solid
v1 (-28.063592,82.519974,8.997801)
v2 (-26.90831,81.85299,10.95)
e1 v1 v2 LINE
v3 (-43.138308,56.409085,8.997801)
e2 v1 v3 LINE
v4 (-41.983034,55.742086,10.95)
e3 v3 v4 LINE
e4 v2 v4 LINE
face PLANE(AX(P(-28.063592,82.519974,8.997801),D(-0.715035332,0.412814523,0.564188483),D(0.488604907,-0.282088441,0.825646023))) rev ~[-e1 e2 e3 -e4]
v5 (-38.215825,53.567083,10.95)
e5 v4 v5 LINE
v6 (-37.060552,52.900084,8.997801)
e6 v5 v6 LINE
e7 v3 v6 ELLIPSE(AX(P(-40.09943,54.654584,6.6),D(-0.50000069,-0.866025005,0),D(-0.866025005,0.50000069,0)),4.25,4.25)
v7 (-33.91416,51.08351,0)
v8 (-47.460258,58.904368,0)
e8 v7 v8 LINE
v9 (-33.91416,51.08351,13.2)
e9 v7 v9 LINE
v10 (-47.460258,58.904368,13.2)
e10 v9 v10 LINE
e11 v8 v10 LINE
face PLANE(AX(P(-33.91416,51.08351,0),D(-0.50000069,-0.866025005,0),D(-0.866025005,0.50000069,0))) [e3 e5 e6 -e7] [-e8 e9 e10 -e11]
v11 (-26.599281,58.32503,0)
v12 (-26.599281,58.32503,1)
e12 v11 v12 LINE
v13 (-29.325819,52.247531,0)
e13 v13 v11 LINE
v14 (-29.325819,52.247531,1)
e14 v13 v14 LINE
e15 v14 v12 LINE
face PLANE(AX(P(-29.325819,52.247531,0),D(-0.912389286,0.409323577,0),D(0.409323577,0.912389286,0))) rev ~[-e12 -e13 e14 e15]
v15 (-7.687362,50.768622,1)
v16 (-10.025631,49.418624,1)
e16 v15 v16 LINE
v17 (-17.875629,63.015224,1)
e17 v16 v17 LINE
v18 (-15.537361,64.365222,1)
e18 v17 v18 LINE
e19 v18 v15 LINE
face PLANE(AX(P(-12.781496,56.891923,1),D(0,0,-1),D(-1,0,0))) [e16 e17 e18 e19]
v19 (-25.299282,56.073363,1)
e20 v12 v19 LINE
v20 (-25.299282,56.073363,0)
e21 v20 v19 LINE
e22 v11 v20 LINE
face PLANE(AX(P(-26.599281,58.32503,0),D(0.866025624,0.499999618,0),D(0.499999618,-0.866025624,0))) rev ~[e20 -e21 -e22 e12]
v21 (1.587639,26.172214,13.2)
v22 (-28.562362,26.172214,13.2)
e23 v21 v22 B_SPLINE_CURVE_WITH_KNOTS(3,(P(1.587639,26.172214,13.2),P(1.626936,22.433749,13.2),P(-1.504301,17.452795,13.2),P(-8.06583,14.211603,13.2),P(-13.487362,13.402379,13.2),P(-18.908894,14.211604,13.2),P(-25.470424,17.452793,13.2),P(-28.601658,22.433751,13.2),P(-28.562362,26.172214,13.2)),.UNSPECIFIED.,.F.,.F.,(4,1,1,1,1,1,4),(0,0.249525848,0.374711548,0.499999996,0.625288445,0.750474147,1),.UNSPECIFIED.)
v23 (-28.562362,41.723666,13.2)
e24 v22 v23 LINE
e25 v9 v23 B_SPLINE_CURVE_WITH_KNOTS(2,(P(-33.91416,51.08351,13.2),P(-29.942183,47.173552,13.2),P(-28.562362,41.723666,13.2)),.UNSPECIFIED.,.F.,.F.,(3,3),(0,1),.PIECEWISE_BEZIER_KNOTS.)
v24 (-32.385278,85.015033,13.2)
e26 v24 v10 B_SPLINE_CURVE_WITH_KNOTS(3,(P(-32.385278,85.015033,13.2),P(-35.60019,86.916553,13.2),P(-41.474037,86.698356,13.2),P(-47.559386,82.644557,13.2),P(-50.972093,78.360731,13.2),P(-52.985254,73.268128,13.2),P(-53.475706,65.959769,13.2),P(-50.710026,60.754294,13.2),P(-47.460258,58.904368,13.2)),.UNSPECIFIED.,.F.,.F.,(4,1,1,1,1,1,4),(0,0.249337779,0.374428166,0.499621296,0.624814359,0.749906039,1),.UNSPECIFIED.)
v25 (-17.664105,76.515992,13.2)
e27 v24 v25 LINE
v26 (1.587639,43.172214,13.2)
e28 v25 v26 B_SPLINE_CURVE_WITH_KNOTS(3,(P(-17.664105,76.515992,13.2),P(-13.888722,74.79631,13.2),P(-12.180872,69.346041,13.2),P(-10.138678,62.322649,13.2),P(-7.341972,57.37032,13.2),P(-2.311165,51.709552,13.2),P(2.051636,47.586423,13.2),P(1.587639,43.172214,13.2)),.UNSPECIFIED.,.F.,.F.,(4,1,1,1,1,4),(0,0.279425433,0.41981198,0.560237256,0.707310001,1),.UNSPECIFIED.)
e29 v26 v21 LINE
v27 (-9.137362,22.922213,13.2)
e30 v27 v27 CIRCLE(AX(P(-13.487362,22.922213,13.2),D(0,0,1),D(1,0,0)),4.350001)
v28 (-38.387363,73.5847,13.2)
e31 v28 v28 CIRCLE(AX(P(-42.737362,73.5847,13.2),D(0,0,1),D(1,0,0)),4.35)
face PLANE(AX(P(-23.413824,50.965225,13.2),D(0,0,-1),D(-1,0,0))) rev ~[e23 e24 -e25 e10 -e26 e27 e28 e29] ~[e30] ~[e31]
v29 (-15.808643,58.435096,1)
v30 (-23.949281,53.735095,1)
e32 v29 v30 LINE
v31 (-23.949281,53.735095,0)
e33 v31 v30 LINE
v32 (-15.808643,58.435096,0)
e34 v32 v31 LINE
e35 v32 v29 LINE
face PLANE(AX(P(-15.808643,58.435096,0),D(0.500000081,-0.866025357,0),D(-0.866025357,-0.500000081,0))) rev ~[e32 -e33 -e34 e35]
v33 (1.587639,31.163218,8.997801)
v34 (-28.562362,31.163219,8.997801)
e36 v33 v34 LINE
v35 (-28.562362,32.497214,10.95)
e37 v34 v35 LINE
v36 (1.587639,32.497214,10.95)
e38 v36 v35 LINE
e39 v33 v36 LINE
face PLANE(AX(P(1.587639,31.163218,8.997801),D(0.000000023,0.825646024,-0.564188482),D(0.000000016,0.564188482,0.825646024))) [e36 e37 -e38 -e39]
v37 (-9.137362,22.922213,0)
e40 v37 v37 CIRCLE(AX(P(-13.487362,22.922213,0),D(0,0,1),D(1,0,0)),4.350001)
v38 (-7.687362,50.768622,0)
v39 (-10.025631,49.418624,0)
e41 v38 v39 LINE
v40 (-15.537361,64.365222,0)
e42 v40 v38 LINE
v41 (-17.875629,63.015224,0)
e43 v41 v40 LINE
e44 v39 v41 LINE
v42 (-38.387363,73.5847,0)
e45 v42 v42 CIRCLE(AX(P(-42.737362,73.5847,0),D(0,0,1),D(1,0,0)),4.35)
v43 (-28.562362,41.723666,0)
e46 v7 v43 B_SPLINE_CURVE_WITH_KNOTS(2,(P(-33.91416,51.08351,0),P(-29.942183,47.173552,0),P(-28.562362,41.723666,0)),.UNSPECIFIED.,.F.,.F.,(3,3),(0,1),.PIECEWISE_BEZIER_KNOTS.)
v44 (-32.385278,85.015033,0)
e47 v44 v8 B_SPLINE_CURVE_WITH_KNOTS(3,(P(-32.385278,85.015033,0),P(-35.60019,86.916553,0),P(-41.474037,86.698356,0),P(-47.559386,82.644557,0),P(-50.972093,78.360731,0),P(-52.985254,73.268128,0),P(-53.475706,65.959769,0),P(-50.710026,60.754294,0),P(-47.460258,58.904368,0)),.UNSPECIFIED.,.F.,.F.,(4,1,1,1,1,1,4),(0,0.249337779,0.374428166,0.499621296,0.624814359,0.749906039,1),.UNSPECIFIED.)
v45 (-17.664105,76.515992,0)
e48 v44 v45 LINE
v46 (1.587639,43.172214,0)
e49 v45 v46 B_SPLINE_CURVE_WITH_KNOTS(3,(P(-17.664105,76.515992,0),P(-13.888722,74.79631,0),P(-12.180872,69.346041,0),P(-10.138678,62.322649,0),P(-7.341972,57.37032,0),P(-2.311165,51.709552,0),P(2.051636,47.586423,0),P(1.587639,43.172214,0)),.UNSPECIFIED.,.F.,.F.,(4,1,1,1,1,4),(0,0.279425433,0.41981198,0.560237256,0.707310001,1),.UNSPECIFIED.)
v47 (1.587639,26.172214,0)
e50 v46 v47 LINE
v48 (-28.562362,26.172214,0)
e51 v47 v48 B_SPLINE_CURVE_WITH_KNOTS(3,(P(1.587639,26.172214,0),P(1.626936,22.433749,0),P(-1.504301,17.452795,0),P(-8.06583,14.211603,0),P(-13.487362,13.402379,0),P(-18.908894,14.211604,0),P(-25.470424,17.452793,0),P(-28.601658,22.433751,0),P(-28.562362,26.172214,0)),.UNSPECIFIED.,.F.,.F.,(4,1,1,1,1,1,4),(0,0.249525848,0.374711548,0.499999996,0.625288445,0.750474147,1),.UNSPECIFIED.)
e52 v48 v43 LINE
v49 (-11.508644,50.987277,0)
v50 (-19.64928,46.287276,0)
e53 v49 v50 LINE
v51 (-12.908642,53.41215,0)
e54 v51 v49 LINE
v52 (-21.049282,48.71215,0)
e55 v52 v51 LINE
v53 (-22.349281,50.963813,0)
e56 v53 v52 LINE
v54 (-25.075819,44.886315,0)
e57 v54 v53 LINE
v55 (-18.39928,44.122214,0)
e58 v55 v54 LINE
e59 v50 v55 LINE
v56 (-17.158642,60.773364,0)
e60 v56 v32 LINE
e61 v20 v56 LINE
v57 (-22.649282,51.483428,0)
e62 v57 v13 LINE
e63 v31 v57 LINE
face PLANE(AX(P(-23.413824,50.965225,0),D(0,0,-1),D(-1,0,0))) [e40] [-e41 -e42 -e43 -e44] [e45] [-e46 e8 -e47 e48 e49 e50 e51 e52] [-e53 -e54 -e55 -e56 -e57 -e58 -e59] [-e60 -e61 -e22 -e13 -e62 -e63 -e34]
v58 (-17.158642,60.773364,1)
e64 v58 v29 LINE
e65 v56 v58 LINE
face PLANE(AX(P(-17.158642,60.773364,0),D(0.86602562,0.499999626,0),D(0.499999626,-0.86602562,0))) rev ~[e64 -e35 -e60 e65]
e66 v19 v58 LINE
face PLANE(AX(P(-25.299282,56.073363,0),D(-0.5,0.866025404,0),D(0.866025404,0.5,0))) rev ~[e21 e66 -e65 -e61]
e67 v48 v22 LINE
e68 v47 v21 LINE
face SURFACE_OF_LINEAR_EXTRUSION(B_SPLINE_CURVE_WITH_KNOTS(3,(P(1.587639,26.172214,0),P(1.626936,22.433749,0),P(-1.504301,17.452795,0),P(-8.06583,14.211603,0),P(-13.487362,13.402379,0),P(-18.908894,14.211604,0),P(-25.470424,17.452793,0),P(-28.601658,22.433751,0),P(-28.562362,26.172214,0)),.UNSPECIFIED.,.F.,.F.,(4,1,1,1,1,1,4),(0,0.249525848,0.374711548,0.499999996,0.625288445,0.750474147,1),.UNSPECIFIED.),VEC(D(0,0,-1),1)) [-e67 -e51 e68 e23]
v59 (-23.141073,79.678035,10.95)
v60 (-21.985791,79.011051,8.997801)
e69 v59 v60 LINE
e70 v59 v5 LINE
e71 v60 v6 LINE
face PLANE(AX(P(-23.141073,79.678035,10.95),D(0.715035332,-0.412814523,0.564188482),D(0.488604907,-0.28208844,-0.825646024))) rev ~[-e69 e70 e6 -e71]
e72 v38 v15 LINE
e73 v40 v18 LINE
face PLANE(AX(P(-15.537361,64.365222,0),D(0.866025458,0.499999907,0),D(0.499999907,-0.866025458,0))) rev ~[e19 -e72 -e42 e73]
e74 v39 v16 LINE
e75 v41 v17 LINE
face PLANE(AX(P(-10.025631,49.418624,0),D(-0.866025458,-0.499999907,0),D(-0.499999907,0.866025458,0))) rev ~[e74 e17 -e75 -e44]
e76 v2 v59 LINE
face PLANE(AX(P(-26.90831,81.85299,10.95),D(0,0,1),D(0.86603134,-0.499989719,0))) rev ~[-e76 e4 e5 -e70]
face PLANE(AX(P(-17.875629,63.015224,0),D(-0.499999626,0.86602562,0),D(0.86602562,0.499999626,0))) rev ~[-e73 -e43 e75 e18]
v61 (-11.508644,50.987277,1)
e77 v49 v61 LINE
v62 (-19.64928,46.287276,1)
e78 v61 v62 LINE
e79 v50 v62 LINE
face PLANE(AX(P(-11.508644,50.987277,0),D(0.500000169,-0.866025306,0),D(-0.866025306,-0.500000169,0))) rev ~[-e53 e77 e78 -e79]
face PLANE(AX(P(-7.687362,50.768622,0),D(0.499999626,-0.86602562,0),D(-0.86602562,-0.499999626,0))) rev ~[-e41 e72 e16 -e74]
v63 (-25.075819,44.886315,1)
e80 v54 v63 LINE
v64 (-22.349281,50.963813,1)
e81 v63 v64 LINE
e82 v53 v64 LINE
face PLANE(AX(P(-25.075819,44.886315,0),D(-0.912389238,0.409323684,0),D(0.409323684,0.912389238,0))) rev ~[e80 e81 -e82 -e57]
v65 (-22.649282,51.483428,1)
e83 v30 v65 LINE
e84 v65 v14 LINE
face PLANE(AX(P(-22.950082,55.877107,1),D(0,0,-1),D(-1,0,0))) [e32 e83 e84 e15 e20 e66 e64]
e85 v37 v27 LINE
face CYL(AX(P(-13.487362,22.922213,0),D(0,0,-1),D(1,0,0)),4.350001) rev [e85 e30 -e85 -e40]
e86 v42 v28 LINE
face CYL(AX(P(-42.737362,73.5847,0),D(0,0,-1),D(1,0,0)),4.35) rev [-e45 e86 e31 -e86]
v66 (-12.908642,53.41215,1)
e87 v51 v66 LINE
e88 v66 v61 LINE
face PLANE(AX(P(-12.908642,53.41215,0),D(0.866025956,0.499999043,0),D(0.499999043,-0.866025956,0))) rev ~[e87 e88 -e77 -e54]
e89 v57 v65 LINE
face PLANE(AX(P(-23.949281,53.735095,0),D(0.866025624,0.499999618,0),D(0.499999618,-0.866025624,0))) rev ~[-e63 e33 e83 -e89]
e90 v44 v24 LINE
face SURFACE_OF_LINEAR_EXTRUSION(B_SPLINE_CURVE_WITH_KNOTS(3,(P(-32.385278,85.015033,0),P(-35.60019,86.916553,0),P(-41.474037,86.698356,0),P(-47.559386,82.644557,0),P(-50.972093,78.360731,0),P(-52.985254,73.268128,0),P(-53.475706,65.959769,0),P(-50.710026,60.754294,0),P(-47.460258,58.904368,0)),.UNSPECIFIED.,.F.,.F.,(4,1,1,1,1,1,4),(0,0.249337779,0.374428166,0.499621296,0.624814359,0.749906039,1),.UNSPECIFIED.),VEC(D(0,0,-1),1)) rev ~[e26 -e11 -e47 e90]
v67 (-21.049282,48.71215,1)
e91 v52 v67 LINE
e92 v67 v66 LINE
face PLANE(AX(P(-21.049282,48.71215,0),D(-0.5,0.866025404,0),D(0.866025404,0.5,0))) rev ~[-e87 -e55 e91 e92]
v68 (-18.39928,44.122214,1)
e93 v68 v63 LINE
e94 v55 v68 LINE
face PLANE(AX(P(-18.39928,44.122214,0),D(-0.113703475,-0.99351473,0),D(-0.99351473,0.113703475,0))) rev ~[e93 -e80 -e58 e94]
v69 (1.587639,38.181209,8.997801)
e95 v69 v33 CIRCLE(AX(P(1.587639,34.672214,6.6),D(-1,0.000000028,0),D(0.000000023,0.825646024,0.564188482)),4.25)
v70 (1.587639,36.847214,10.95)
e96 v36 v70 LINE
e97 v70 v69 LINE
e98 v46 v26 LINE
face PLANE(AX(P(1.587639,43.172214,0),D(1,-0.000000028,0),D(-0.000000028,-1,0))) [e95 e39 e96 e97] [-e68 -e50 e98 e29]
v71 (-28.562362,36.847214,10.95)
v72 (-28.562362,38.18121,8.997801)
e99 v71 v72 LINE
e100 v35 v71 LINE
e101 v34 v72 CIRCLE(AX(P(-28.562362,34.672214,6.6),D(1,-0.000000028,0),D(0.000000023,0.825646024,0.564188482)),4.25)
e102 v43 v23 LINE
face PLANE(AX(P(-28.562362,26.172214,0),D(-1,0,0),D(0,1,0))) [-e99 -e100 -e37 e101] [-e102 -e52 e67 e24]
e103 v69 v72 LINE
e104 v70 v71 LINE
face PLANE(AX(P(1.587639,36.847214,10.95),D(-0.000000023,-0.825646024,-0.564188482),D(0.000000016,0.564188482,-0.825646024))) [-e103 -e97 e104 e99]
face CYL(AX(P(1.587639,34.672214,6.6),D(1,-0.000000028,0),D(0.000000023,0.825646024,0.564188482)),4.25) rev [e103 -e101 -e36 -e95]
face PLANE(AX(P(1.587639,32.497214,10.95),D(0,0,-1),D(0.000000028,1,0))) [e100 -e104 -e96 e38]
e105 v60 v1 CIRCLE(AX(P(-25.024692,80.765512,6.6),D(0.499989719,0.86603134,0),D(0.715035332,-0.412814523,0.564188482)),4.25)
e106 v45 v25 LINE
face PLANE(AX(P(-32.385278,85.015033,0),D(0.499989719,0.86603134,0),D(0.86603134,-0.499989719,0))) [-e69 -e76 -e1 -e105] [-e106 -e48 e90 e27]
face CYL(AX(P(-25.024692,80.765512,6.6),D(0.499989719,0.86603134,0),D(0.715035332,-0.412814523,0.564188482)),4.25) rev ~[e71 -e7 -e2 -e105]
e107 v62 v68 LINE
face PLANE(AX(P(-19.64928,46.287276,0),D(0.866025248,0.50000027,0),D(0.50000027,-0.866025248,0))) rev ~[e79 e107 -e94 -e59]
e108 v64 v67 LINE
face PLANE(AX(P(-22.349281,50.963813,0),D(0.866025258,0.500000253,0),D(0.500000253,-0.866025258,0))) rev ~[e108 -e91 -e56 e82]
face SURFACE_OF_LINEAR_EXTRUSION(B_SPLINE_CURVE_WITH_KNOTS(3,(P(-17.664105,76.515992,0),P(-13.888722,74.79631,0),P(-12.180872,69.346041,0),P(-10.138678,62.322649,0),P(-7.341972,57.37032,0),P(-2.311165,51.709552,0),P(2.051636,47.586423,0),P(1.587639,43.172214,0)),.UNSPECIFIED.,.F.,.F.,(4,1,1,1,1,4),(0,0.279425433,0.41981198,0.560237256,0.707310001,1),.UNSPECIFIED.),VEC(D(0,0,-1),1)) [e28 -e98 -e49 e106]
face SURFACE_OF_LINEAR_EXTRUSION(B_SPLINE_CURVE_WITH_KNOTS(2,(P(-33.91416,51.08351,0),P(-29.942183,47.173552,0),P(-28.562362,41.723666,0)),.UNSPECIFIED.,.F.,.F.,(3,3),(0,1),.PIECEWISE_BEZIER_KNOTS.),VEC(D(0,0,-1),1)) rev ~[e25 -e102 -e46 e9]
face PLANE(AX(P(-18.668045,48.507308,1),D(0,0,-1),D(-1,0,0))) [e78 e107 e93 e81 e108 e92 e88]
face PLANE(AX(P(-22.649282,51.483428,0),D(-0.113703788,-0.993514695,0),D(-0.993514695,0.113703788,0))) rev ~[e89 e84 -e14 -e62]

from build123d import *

# Parameters (mm, degrees)
MODEL_R               = 4.350000706
MODEL_R_2             = 4.349999799
MAIN_BODY_DEPTH       = 13.2
SIDE_UP_GRAPHIC_DEPTH = 1
HOLE_1_REACH          = 105.138
HOLE_2_REACH          = 92.65


with BuildPart() as part:
    # Model → Main body (new body)
    with BuildSketch(Plane.XY):
        with BuildLine():
            Line((-32.385278451, 85.015032789), (-17.6641047, 76.515992185))
            add(Edge.make_bspline(
                [(-17.6641047, 76.515992185), (-13.888722486, 74.796310284), (-12.180872386, 69.346040832), (-10.138677855, 62.322648799), (-7.341971962, 57.370319929), (-2.311165044, 51.709551581), (2.051636145, 47.586423037), (1.587639106, 43.172213575)],
                knots=[0, 0, 0, 0, 0.279425433, 0.41981198, 0.560237256, 0.707310001, 1, 1, 1, 1], degree=3))
            Line((1.587639106, 43.172213575), (1.587638631, 26.172213575))
            add(Edge.make_bspline(
                [(1.587638631, 26.172213575), (1.626935513, 22.433749487), (-1.504300665, 17.452795295), (-8.065829548, 14.211603151), (-13.487361838, 13.402379484), (-18.908893689, 14.211603727), (-25.470424367, 17.452793212), (-28.601657646, 22.43375075), (-28.56236242, 26.172213575)],
                knots=[0, 0, 0, 0, 0.249525848, 0.374711548, 0.499999996, 0.625288445, 0.750474147, 1, 1, 1, 1], degree=3))
            Line((-28.56236242, 26.172213575), (-28.56236242, 41.723666211))
            add(Edge.make_bspline(
                [(-33.914159524, 51.083510419), (-29.942183369, 47.173551609), (-28.56236242, 41.723666211)],
                knots=[0, 0, 0, 1, 1, 1], degree=2))
            Line((-33.914159524, 51.083510419), (-47.460258007, 58.904368421))
            add(Edge.make_bspline(
                [(-32.385278451, 85.015032789), (-35.600190369, 86.916553219), (-41.474036655, 86.698356276), (-47.559386008, 82.644557032), (-50.972092804, 78.360730829), (-52.985254476, 73.268128205), (-53.475705817, 65.95976879), (-50.710025567, 60.754293561), (-47.460258007, 58.904368421)],
                knots=[0, 0, 0, 0, 0.249337779, 0.374428166, 0.499621296, 0.624814359, 0.749906039, 1, 1, 1, 1], degree=3))
        make_face()
        with Locations((-13.487362418, 22.922213336)):
            Circle(MODEL_R, mode=Mode.SUBTRACT)
        with Locations((-42.737362401, 73.584699743)):
            Circle(MODEL_R_2, mode=Mode.SUBTRACT)
    extrude(amount=MAIN_BODY_DEPTH)

    # Model<4> → Side up graphic (cut)
    with BuildSketch(Plane.XY):
        Polygon((-23.949281442, 53.735095044), (-15.80864309, 58.435095807), (-17.1586416, 60.773364149), (-25.299281823, 56.073363324), (-26.59928106, 58.325030347), (-29.325818765, 52.247530958), (-22.649282205, 51.483428022), align=None)
        Polygon((-25.075818765, 44.886315366), (-18.399280297, 44.122214338), (-19.649280297, 46.287276288), (-11.508643853, 50.987277051), (-12.9086416, 53.412150465), (-21.049281823, 48.71214964), (-22.34928106, 50.963812848), align=None)
        Polygon((-10.0256307, 49.418623945), (-7.68736242, 50.768622419), (-15.537360894, 64.365221998), (-17.875629174, 63.015223523), align=None)
    extrude(amount=SIDE_UP_GRAPHIC_DEPTH, mode=Mode.SUBTRACT)

    # Schizzo3 → Hole 1 (cut, up to next)
    with BuildSketch(Plane(origin=(1.587637901, -4.4e-08, 0), x_dir=(0, 0, -1), z_dir=(0.9999999999999997, -2.789602577989315e-08, 0)), mode=Mode.PRIVATE) as hole_1_sk1:
        with BuildLine():
            Line((-10.95, 32.497213619), (-10.95, 36.847213619))
            Line((-10.95, 36.847213619), (-8.99780105, 38.181209219))
            ThreePointArc((-8.99780105, 38.181209219), (-2.35, 34.672213619), (-8.99780105, 31.163218019))
            Line((-8.99780105, 31.163218019), (-10.95, 32.497213619))
        make_face()
    hole_1_tool1 = extrude(hole_1_sk1.sketch, amount=-HOLE_1_REACH, mode=Mode.PRIVATE) & part.part
    add(hole_1_tool1.solids().sort_by_distance((1.587639, 34.672214, 6.73262))[0], mode=Mode.SUBTRACT)

    # Schizzo4 → Hole 2 (cut, up to next)
    with BuildSketch(Plane(origin=(28.716097743, 49.739103981, 0), x_dir=(0.8660313397108585, -0.499989718532907, 0), z_dir=(0.49998971853290697, 0.8660313397108584, 0)), mode=Mode.PRIVATE) as hole_2_sk1:
        with BuildLine():
            Line((-64.229093026, -10.95), (-59.879093026, -10.95))
            Line((-59.879093026, -10.95), (-58.545097426, -8.99780105))
            ThreePointArc((-58.545097426, -8.99780105), (-62.054093026, -2.35), (-65.563088627, -8.99780105))
            Line((-65.563088627, -8.99780105), (-64.229093026, -10.95))
        make_face()
    hole_2_tool1 = extrude(hole_2_sk1.sketch, amount=-HOLE_2_REACH, mode=Mode.PRIVATE) & part.part
    add(hole_2_tool1.solids().sort_by_distance((-25.024692, 80.765512, 6.73262))[0], mode=Mode.SUBTRACT)


solid = part.part
